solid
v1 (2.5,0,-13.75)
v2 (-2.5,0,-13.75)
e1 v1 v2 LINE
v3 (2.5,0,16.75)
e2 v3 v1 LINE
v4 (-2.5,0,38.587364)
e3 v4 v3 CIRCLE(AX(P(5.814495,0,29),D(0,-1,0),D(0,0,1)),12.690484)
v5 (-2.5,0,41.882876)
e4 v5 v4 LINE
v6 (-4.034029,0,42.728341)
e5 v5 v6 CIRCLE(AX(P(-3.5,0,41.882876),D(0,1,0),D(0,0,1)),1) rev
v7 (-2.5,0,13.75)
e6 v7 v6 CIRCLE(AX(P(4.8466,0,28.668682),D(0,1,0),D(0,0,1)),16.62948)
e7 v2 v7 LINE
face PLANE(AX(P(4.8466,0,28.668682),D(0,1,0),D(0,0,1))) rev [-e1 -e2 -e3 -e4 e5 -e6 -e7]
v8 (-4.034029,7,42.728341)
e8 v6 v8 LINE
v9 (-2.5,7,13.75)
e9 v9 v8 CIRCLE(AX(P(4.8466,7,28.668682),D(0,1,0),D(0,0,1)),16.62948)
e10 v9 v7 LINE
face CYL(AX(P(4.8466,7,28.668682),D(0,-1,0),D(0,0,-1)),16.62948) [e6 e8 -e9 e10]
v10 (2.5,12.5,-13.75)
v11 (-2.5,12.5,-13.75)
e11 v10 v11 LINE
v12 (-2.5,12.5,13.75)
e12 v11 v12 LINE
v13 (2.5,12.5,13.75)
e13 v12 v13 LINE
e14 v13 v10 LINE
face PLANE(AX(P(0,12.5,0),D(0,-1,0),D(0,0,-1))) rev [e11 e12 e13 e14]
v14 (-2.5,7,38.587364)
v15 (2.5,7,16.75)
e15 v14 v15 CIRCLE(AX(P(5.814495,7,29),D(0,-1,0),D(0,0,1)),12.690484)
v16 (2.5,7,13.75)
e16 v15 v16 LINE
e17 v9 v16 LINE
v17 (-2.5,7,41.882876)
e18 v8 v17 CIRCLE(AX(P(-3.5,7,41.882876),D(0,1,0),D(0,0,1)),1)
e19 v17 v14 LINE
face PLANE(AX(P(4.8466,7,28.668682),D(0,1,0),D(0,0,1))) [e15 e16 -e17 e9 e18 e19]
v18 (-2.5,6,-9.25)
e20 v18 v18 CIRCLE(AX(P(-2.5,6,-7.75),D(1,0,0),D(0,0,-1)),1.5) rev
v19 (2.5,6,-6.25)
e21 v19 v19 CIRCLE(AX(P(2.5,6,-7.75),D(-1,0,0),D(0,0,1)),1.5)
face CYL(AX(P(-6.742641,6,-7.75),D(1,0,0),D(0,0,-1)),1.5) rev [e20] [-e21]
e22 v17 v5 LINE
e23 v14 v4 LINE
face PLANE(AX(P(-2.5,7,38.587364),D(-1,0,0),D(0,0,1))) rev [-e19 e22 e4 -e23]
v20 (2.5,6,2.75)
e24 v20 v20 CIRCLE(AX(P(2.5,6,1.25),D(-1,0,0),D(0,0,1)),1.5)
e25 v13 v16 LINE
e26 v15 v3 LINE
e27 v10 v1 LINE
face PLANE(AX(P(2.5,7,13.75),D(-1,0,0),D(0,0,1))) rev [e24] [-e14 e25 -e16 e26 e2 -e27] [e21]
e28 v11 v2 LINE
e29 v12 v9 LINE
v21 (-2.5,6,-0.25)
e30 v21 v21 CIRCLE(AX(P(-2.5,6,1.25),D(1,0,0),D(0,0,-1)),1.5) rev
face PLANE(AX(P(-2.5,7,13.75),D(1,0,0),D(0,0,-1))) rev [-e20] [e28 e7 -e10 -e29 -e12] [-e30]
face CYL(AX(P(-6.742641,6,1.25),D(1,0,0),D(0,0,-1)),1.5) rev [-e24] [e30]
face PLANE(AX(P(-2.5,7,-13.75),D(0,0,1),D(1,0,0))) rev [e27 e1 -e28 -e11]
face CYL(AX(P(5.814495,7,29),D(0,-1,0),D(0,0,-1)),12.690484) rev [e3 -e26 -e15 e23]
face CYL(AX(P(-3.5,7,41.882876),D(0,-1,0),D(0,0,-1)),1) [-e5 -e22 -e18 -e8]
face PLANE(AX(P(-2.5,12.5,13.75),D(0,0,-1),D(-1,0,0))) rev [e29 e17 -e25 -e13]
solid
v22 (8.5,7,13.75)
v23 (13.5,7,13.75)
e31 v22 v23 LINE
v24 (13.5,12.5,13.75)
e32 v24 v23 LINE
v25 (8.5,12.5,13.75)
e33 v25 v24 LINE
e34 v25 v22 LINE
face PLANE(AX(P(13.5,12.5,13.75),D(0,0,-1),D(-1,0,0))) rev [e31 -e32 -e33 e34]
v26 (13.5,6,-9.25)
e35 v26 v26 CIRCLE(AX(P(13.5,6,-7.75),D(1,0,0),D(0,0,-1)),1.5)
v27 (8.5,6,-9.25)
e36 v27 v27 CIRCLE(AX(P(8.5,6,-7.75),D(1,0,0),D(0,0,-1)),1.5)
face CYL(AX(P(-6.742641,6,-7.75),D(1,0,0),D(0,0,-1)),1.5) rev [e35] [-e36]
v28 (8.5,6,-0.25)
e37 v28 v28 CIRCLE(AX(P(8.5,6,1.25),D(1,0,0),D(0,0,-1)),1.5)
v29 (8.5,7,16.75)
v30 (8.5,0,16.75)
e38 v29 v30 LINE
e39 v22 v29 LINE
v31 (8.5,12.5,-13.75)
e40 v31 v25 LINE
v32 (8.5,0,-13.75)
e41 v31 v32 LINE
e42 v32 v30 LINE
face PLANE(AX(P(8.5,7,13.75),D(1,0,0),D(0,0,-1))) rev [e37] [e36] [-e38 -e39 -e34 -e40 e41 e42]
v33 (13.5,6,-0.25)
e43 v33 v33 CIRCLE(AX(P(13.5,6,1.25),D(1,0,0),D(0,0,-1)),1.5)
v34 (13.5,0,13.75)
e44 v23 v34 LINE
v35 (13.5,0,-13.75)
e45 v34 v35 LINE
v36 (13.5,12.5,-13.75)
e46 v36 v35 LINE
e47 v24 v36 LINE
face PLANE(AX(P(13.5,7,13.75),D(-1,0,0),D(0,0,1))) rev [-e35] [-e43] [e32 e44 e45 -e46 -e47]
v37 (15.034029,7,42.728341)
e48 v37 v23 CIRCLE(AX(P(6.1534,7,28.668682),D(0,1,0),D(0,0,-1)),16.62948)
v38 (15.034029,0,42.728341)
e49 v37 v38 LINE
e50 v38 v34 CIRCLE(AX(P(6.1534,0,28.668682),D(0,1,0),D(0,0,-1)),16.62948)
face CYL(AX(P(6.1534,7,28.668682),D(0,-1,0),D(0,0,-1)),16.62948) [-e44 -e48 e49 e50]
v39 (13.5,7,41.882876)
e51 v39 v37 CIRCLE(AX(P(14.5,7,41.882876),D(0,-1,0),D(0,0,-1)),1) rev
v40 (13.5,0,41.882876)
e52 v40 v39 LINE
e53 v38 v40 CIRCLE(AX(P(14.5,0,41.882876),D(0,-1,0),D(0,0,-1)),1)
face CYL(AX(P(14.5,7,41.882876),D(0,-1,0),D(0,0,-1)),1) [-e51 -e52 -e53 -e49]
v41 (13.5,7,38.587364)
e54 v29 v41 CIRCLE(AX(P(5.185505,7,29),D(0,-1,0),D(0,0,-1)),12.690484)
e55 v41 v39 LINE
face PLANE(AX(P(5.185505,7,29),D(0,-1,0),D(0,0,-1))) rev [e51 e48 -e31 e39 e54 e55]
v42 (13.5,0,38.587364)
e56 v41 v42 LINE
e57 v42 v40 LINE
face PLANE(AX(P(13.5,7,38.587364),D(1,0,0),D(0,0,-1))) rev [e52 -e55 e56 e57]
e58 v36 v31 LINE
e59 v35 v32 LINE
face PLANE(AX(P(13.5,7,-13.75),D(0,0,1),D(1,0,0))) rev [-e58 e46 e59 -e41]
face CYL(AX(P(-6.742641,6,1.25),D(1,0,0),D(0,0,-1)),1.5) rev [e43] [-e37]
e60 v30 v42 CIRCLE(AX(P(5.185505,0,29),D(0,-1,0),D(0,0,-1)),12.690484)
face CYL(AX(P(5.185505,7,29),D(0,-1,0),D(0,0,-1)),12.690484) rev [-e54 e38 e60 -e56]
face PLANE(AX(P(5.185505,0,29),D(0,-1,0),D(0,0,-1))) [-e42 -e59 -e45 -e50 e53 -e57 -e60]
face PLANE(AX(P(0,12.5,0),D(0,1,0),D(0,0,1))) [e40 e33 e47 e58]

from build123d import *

# Parameters (mm, degrees)
SALIENTE_EXTRUIR1_DEPTH   = 7
SALIENTE_EXTRUIR1_2_DEPTH = 7
CROQUIS2_W                = 5
CROQUIS2_H                = 27.5
SALIENTE_EXTRUIR2_DEPTH   = 5.5
CORTAR_EXTRUIR1_REACH     = 53.917
CROQUIS3_R                = 1.5
REDONDEO1_R               = 1
REDONDEO2_R               = 1


with BuildPart() as part:
    # Croquis1 → Saliente-Extruir1 (new body)
    with BuildSketch(Plane(origin=(0, 0, 0), x_dir=(1, 0, 0), z_dir=(0, 1, 0))):
        with BuildLine():
            Line((2.5, -13.75), (2.5, -16.75))
            ThreePointArc((2.5, -16.75), (-6.555871294, -26.167614472), (-2.5, -38.587363876))
            Line((-2.5, -38.587363876), (-2.5, -43.587363876))
            ThreePointArc((-2.5, -43.587363876), (-11.782880045, -28.668681938), (-2.5, -13.75))
            Line((-2.5, -13.75), (-2.5, 13.75))
            Line((-2.5, 13.75), (2.5, 13.75))
            Line((2.5, 13.75), (2.5, -13.75))
        make_face()
    extrude(amount=SALIENTE_EXTRUIR1_DEPTH)



with BuildPart() as body_2:
    # Croquis1 → Saliente-Extruir1 2 (new body)
    with BuildSketch(Plane(origin=(0, 0, 0), x_dir=(1, 0, 0), z_dir=(0, 1, 0))):
        with BuildLine():
            Line((13.5, -38.587363876), (13.5, -43.587363876))
            ThreePointArc((13.5, -43.587363876), (22.782880045, -28.668681938), (13.5, -13.75))
            Line((13.5, -13.75), (13.5, 13.75))
            Line((13.5, 13.75), (8.5, 13.75))
            Line((8.5, 13.75), (8.5, -13.75))
            Line((8.5, -13.75), (8.5, -16.75))
            ThreePointArc((8.5, -16.75), (17.555871294, -26.167614472), (13.5, -38.587363876))
        make_face()
    extrude(amount=SALIENTE_EXTRUIR1_2_DEPTH)


with BuildPart() as part_1:
    add(part.part)

    add(body_2.part)  # Saliente-Extruir2 merges body 2
    # Croquis2 → Saliente-Extruir2 (add)
    with BuildSketch(Plane(origin=(0, 7, 0), x_dir=(1, 0, 0), z_dir=(0, 1, 0))):
        Rectangle(CROQUIS2_W, CROQUIS2_H)
        with Locations((11, 0)):
            Rectangle(CROQUIS2_W, CROQUIS2_H)
    extrude(amount=SALIENTE_EXTRUIR2_DEPTH)

    # Cortar-Extruir1: up to this face of the body (flat: up to its plane)
    cortar_extruir1_end = Plane(part_1.part.faces().sort_by_distance((-2.5, 6.25, 0))[0])
    # Croquis3 → Cortar-Extruir1 (cut, up to the picked face)
    with BuildSketch(Plane(origin=(13.5, 0, 0), x_dir=(0, 0, -1), z_dir=(1, 0, 0)), mode=Mode.PRIVATE) as cortar_extruir1_sk1:
        with Locations((7.75, 6)):
            Circle(CROQUIS3_R)
    cortar_extruir1_tool1 = split(extrude(cortar_extruir1_sk1.sketch, amount=-CORTAR_EXTRUIR1_REACH, mode=Mode.PRIVATE), bisect_by=cortar_extruir1_end, keep=Keep.BOTH, mode=Mode.PRIVATE)
    # Croquis3 → Cortar-Extruir1 (cut, up to the picked face)
    with BuildSketch(Plane(origin=(13.5, 0, 0), x_dir=(0, 0, -1), z_dir=(1, 0, 0)), mode=Mode.PRIVATE) as cortar_extruir1_sk2:
        with Locations((-1.25, 6)):
            Circle(CROQUIS3_R)
    cortar_extruir1_tool2 = split(extrude(cortar_extruir1_sk2.sketch, amount=-CORTAR_EXTRUIR1_REACH, mode=Mode.PRIVATE), bisect_by=cortar_extruir1_end, keep=Keep.BOTH, mode=Mode.PRIVATE)
    add(cortar_extruir1_tool1.solids().sort_by(Axis((13.5, 6, -7.75), (-1, 0, 0)))[0], mode=Mode.SUBTRACT)
    add(cortar_extruir1_tool2.solids().sort_by(Axis((13.5, 6, 1.25), (-1, 0, 0)))[0], mode=Mode.SUBTRACT)

    # Redondeo1
    redondeo1_edges = [part_1.edges().sort_by_distance(p)[0] for p in [
        (-2.5, 3.5, 43.587363876),
    ]]
    fillet(redondeo1_edges, radius=REDONDEO1_R)

    # Redondeo2
    redondeo2_edges = [part_1.edges().sort_by_distance(p)[0] for p in [
        (13.5, 3.5, 43.587363876),
    ]]
    fillet(redondeo2_edges, radius=REDONDEO2_R)


solid = part_1.part
